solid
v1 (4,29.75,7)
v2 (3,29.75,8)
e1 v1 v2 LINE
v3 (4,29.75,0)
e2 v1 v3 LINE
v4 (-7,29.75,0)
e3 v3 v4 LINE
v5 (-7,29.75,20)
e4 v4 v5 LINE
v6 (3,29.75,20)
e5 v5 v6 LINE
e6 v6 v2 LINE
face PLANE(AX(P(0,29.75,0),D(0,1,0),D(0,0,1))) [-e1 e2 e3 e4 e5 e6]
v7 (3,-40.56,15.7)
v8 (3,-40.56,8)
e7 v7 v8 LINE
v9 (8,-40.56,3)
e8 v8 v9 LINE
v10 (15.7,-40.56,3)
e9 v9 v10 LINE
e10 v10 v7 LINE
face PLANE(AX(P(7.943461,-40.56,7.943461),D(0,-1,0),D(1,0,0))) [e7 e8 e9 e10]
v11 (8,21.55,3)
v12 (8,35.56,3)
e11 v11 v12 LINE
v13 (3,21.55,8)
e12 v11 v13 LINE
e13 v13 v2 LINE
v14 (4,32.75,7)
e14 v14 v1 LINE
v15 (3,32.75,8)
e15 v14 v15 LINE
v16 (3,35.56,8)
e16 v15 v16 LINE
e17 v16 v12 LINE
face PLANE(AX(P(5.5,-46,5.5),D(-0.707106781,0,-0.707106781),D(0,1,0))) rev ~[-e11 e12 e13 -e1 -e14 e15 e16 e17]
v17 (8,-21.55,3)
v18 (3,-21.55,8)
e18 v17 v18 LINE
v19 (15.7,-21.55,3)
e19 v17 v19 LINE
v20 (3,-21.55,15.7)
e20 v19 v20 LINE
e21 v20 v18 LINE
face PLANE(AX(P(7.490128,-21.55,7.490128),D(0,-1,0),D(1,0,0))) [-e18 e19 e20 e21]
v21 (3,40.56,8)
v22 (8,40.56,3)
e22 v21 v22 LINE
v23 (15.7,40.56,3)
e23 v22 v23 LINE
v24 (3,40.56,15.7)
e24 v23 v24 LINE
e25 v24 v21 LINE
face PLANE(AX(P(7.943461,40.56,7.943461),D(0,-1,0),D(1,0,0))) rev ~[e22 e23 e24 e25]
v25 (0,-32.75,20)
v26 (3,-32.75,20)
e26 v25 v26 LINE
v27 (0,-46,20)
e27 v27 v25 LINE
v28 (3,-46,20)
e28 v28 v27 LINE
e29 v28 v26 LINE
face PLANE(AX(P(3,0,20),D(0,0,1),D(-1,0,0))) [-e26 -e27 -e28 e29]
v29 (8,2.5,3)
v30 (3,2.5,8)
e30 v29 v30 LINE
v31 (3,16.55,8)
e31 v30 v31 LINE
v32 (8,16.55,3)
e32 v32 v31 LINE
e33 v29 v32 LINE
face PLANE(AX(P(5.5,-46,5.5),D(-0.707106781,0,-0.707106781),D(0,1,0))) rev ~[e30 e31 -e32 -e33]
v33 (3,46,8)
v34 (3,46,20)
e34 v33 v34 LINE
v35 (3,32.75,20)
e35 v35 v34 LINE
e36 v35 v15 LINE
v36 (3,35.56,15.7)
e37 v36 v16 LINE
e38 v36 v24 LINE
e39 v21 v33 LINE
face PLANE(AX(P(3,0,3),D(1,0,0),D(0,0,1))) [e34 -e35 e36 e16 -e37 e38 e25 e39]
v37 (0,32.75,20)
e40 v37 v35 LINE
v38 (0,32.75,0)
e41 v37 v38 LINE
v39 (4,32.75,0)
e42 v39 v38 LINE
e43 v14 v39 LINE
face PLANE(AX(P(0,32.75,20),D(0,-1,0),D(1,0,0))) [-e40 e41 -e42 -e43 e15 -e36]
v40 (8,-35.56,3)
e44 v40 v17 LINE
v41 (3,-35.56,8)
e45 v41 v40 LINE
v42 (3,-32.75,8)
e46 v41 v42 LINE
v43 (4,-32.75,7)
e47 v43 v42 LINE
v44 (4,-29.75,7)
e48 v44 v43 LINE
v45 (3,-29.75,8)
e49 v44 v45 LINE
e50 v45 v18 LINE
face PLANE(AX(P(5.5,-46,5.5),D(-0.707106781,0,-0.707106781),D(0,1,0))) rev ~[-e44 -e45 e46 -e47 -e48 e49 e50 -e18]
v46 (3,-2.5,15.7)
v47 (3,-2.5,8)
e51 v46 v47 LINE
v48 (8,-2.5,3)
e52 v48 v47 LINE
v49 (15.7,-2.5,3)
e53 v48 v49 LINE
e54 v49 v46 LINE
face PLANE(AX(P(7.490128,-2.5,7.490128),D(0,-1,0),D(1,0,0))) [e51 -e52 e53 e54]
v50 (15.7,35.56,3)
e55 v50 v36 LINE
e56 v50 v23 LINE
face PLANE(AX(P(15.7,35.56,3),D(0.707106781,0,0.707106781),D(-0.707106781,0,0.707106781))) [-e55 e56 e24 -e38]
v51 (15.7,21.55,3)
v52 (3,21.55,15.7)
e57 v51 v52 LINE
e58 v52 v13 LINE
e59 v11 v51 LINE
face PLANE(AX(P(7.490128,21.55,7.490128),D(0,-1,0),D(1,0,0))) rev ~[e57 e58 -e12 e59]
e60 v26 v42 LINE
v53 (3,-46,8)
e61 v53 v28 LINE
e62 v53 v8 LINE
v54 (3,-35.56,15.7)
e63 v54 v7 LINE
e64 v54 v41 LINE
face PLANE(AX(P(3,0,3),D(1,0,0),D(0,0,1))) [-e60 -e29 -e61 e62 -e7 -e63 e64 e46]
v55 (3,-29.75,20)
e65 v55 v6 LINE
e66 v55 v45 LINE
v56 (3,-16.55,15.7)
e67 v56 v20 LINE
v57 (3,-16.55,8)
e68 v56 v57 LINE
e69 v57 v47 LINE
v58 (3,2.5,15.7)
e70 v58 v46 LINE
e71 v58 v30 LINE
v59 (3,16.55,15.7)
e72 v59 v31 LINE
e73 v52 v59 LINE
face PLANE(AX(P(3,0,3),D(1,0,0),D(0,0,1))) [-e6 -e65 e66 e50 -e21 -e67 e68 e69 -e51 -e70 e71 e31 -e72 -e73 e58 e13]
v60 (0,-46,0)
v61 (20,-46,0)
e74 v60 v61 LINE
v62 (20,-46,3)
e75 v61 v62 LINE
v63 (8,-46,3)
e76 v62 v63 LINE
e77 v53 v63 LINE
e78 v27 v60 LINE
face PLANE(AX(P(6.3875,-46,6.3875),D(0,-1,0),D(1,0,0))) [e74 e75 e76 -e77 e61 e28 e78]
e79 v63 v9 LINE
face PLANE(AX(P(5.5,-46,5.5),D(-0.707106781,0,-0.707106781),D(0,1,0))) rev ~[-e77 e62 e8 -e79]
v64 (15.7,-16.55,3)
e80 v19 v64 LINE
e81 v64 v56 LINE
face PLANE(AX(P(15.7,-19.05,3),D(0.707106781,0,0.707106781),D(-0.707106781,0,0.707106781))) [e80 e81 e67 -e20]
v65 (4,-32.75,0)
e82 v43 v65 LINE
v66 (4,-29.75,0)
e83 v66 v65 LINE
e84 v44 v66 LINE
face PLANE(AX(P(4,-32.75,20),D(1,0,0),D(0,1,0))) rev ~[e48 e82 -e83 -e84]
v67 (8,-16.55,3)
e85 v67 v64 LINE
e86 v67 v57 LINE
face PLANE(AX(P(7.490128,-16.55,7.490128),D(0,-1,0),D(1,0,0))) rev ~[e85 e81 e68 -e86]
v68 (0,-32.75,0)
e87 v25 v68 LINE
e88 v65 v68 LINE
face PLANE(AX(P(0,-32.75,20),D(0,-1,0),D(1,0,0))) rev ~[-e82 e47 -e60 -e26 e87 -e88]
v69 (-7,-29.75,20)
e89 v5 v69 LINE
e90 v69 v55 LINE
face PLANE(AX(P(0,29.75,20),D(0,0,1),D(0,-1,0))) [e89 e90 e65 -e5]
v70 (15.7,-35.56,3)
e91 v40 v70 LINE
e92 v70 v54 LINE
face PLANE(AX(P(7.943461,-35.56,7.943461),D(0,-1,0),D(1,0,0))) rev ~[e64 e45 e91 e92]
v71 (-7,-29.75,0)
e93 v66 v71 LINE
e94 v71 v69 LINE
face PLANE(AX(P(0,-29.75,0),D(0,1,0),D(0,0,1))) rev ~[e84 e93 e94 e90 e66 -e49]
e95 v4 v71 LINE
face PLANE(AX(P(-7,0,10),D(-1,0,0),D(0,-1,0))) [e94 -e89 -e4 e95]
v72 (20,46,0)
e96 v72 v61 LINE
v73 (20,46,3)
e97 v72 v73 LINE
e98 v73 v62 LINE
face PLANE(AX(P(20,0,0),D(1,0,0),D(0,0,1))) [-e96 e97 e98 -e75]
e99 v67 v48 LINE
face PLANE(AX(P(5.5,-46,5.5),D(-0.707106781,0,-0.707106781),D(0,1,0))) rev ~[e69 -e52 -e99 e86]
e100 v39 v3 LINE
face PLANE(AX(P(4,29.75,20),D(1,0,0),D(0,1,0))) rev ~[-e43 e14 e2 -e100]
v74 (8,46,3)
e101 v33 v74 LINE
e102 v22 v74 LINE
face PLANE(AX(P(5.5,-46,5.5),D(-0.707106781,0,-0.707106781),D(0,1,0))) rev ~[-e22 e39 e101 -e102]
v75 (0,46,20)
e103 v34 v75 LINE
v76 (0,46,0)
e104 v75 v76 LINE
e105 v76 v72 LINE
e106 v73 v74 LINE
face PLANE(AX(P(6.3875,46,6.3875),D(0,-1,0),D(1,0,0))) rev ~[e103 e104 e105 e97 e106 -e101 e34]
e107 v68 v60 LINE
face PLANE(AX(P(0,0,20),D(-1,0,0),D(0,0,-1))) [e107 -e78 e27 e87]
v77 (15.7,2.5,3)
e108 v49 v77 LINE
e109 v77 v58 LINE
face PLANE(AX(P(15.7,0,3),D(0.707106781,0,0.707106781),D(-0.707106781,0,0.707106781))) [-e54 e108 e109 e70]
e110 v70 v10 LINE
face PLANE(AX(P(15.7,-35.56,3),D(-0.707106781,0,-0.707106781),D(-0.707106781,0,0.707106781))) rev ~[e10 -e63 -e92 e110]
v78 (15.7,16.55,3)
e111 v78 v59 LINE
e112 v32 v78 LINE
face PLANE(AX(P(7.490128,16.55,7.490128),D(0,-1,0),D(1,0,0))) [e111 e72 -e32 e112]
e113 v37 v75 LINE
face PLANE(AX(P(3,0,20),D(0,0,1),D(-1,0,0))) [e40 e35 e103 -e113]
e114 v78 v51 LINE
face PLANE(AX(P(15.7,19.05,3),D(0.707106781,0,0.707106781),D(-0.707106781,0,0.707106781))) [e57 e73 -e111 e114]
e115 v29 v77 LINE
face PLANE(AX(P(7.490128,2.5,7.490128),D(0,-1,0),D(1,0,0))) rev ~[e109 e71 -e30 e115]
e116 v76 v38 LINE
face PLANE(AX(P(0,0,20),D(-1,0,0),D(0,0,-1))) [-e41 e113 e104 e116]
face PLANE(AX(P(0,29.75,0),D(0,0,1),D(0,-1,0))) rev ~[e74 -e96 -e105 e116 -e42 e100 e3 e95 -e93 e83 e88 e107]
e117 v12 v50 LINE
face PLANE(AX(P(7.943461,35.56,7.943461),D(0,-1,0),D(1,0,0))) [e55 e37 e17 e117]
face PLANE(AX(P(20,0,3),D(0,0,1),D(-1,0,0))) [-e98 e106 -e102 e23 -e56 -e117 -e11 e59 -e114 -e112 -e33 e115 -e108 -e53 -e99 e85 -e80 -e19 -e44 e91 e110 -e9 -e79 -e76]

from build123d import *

# Parameters (mm, degrees)
F1_DEPTH  = 46
F2_SIZE   = 5
F6_DEPTH  = 2.5
F8_DEPTH  = 2.5
F10_DEPTH = 2.5
F11_W     = 4
F11_H     = 3
F12_DEPTH = 20.001
F15_DEPTH = 5
F18_DEPTH = 5
F19_W     = 59.5
F19_H     = 20
F20_DEPTH = 7


with BuildPart() as f1:
    # F0 (on Front) → F1 (new body, symmetric)
    with BuildSketch(Plane.XZ):
        Polygon((0, 20), (0, 0), (20, 0), (20, 3), (3, 3), (3, 20), align=None)
    extrude(amount=F1_DEPTH, both=True)

    # F2
    f2_edges = [f1.edges().sort_by_distance(p)[0] for p in [
        (3, 0, 3),
    ]]
    chamfer(f2_edges, length=F2_SIZE)

    # F5 (on Front) → F6 (join, symmetric)
    with BuildSketch(Plane.XZ):
        Polygon((15.7, 3), (3, 15.7), (3, 3), align=None)
    extrude(amount=F6_DEPTH, both=True)

    # F7 (on offset) → F8 (join, symmetric)
    with BuildSketch(Plane.XZ.offset(19.05)):
        Polygon((15.7, 3), (3, 15.7), (3, 3), align=None)
    extrude(amount=F8_DEPTH, both=True)

    # F9 (on offset) → F10 (join, symmetric)
    with BuildSketch(Plane.XZ.offset(-19.05)):
        Polygon((15.7, 3), (3, 15.7), (3, 3), align=None)
    extrude(amount=F10_DEPTH, both=True)

    # F11 (on face) → F12 (cut, through all)
    with BuildSketch(Plane.XY.offset(20)):
        with Locations((2, 31.25)):
            Rectangle(F11_W, F11_H)
        with Locations((2, -31.25)):
            Rectangle(F11_W, F11_H)
    extrude(amount=-F12_DEPTH, mode=Mode.SUBTRACT)

    # F14 (on offset) → F15 (join)
    with BuildSketch(Plane.XZ.offset(35.56)):
        Polygon((8, 3), (15.7, 3), (3, 15.7), (3, 8), align=None)
    extrude(amount=F15_DEPTH)

    # F17 (on offset) → F18 (join)
    with BuildSketch(Plane.XZ.offset(-35.56)):
        Polygon((15.7, 3), (3, 15.7), (3, 8), (8, 3), align=None)
    extrude(amount=-F18_DEPTH)

    # F19 (on face) → F20 (join)
    with BuildSketch(Plane(origin=(0, 0, 0), x_dir=(0, -1, 0), z_dir=(-1, 0, 0))):
        with Locations((0, 10)):
            Rectangle(F19_W, F19_H)
    extrude(amount=F20_DEPTH)


solid = f1.part
